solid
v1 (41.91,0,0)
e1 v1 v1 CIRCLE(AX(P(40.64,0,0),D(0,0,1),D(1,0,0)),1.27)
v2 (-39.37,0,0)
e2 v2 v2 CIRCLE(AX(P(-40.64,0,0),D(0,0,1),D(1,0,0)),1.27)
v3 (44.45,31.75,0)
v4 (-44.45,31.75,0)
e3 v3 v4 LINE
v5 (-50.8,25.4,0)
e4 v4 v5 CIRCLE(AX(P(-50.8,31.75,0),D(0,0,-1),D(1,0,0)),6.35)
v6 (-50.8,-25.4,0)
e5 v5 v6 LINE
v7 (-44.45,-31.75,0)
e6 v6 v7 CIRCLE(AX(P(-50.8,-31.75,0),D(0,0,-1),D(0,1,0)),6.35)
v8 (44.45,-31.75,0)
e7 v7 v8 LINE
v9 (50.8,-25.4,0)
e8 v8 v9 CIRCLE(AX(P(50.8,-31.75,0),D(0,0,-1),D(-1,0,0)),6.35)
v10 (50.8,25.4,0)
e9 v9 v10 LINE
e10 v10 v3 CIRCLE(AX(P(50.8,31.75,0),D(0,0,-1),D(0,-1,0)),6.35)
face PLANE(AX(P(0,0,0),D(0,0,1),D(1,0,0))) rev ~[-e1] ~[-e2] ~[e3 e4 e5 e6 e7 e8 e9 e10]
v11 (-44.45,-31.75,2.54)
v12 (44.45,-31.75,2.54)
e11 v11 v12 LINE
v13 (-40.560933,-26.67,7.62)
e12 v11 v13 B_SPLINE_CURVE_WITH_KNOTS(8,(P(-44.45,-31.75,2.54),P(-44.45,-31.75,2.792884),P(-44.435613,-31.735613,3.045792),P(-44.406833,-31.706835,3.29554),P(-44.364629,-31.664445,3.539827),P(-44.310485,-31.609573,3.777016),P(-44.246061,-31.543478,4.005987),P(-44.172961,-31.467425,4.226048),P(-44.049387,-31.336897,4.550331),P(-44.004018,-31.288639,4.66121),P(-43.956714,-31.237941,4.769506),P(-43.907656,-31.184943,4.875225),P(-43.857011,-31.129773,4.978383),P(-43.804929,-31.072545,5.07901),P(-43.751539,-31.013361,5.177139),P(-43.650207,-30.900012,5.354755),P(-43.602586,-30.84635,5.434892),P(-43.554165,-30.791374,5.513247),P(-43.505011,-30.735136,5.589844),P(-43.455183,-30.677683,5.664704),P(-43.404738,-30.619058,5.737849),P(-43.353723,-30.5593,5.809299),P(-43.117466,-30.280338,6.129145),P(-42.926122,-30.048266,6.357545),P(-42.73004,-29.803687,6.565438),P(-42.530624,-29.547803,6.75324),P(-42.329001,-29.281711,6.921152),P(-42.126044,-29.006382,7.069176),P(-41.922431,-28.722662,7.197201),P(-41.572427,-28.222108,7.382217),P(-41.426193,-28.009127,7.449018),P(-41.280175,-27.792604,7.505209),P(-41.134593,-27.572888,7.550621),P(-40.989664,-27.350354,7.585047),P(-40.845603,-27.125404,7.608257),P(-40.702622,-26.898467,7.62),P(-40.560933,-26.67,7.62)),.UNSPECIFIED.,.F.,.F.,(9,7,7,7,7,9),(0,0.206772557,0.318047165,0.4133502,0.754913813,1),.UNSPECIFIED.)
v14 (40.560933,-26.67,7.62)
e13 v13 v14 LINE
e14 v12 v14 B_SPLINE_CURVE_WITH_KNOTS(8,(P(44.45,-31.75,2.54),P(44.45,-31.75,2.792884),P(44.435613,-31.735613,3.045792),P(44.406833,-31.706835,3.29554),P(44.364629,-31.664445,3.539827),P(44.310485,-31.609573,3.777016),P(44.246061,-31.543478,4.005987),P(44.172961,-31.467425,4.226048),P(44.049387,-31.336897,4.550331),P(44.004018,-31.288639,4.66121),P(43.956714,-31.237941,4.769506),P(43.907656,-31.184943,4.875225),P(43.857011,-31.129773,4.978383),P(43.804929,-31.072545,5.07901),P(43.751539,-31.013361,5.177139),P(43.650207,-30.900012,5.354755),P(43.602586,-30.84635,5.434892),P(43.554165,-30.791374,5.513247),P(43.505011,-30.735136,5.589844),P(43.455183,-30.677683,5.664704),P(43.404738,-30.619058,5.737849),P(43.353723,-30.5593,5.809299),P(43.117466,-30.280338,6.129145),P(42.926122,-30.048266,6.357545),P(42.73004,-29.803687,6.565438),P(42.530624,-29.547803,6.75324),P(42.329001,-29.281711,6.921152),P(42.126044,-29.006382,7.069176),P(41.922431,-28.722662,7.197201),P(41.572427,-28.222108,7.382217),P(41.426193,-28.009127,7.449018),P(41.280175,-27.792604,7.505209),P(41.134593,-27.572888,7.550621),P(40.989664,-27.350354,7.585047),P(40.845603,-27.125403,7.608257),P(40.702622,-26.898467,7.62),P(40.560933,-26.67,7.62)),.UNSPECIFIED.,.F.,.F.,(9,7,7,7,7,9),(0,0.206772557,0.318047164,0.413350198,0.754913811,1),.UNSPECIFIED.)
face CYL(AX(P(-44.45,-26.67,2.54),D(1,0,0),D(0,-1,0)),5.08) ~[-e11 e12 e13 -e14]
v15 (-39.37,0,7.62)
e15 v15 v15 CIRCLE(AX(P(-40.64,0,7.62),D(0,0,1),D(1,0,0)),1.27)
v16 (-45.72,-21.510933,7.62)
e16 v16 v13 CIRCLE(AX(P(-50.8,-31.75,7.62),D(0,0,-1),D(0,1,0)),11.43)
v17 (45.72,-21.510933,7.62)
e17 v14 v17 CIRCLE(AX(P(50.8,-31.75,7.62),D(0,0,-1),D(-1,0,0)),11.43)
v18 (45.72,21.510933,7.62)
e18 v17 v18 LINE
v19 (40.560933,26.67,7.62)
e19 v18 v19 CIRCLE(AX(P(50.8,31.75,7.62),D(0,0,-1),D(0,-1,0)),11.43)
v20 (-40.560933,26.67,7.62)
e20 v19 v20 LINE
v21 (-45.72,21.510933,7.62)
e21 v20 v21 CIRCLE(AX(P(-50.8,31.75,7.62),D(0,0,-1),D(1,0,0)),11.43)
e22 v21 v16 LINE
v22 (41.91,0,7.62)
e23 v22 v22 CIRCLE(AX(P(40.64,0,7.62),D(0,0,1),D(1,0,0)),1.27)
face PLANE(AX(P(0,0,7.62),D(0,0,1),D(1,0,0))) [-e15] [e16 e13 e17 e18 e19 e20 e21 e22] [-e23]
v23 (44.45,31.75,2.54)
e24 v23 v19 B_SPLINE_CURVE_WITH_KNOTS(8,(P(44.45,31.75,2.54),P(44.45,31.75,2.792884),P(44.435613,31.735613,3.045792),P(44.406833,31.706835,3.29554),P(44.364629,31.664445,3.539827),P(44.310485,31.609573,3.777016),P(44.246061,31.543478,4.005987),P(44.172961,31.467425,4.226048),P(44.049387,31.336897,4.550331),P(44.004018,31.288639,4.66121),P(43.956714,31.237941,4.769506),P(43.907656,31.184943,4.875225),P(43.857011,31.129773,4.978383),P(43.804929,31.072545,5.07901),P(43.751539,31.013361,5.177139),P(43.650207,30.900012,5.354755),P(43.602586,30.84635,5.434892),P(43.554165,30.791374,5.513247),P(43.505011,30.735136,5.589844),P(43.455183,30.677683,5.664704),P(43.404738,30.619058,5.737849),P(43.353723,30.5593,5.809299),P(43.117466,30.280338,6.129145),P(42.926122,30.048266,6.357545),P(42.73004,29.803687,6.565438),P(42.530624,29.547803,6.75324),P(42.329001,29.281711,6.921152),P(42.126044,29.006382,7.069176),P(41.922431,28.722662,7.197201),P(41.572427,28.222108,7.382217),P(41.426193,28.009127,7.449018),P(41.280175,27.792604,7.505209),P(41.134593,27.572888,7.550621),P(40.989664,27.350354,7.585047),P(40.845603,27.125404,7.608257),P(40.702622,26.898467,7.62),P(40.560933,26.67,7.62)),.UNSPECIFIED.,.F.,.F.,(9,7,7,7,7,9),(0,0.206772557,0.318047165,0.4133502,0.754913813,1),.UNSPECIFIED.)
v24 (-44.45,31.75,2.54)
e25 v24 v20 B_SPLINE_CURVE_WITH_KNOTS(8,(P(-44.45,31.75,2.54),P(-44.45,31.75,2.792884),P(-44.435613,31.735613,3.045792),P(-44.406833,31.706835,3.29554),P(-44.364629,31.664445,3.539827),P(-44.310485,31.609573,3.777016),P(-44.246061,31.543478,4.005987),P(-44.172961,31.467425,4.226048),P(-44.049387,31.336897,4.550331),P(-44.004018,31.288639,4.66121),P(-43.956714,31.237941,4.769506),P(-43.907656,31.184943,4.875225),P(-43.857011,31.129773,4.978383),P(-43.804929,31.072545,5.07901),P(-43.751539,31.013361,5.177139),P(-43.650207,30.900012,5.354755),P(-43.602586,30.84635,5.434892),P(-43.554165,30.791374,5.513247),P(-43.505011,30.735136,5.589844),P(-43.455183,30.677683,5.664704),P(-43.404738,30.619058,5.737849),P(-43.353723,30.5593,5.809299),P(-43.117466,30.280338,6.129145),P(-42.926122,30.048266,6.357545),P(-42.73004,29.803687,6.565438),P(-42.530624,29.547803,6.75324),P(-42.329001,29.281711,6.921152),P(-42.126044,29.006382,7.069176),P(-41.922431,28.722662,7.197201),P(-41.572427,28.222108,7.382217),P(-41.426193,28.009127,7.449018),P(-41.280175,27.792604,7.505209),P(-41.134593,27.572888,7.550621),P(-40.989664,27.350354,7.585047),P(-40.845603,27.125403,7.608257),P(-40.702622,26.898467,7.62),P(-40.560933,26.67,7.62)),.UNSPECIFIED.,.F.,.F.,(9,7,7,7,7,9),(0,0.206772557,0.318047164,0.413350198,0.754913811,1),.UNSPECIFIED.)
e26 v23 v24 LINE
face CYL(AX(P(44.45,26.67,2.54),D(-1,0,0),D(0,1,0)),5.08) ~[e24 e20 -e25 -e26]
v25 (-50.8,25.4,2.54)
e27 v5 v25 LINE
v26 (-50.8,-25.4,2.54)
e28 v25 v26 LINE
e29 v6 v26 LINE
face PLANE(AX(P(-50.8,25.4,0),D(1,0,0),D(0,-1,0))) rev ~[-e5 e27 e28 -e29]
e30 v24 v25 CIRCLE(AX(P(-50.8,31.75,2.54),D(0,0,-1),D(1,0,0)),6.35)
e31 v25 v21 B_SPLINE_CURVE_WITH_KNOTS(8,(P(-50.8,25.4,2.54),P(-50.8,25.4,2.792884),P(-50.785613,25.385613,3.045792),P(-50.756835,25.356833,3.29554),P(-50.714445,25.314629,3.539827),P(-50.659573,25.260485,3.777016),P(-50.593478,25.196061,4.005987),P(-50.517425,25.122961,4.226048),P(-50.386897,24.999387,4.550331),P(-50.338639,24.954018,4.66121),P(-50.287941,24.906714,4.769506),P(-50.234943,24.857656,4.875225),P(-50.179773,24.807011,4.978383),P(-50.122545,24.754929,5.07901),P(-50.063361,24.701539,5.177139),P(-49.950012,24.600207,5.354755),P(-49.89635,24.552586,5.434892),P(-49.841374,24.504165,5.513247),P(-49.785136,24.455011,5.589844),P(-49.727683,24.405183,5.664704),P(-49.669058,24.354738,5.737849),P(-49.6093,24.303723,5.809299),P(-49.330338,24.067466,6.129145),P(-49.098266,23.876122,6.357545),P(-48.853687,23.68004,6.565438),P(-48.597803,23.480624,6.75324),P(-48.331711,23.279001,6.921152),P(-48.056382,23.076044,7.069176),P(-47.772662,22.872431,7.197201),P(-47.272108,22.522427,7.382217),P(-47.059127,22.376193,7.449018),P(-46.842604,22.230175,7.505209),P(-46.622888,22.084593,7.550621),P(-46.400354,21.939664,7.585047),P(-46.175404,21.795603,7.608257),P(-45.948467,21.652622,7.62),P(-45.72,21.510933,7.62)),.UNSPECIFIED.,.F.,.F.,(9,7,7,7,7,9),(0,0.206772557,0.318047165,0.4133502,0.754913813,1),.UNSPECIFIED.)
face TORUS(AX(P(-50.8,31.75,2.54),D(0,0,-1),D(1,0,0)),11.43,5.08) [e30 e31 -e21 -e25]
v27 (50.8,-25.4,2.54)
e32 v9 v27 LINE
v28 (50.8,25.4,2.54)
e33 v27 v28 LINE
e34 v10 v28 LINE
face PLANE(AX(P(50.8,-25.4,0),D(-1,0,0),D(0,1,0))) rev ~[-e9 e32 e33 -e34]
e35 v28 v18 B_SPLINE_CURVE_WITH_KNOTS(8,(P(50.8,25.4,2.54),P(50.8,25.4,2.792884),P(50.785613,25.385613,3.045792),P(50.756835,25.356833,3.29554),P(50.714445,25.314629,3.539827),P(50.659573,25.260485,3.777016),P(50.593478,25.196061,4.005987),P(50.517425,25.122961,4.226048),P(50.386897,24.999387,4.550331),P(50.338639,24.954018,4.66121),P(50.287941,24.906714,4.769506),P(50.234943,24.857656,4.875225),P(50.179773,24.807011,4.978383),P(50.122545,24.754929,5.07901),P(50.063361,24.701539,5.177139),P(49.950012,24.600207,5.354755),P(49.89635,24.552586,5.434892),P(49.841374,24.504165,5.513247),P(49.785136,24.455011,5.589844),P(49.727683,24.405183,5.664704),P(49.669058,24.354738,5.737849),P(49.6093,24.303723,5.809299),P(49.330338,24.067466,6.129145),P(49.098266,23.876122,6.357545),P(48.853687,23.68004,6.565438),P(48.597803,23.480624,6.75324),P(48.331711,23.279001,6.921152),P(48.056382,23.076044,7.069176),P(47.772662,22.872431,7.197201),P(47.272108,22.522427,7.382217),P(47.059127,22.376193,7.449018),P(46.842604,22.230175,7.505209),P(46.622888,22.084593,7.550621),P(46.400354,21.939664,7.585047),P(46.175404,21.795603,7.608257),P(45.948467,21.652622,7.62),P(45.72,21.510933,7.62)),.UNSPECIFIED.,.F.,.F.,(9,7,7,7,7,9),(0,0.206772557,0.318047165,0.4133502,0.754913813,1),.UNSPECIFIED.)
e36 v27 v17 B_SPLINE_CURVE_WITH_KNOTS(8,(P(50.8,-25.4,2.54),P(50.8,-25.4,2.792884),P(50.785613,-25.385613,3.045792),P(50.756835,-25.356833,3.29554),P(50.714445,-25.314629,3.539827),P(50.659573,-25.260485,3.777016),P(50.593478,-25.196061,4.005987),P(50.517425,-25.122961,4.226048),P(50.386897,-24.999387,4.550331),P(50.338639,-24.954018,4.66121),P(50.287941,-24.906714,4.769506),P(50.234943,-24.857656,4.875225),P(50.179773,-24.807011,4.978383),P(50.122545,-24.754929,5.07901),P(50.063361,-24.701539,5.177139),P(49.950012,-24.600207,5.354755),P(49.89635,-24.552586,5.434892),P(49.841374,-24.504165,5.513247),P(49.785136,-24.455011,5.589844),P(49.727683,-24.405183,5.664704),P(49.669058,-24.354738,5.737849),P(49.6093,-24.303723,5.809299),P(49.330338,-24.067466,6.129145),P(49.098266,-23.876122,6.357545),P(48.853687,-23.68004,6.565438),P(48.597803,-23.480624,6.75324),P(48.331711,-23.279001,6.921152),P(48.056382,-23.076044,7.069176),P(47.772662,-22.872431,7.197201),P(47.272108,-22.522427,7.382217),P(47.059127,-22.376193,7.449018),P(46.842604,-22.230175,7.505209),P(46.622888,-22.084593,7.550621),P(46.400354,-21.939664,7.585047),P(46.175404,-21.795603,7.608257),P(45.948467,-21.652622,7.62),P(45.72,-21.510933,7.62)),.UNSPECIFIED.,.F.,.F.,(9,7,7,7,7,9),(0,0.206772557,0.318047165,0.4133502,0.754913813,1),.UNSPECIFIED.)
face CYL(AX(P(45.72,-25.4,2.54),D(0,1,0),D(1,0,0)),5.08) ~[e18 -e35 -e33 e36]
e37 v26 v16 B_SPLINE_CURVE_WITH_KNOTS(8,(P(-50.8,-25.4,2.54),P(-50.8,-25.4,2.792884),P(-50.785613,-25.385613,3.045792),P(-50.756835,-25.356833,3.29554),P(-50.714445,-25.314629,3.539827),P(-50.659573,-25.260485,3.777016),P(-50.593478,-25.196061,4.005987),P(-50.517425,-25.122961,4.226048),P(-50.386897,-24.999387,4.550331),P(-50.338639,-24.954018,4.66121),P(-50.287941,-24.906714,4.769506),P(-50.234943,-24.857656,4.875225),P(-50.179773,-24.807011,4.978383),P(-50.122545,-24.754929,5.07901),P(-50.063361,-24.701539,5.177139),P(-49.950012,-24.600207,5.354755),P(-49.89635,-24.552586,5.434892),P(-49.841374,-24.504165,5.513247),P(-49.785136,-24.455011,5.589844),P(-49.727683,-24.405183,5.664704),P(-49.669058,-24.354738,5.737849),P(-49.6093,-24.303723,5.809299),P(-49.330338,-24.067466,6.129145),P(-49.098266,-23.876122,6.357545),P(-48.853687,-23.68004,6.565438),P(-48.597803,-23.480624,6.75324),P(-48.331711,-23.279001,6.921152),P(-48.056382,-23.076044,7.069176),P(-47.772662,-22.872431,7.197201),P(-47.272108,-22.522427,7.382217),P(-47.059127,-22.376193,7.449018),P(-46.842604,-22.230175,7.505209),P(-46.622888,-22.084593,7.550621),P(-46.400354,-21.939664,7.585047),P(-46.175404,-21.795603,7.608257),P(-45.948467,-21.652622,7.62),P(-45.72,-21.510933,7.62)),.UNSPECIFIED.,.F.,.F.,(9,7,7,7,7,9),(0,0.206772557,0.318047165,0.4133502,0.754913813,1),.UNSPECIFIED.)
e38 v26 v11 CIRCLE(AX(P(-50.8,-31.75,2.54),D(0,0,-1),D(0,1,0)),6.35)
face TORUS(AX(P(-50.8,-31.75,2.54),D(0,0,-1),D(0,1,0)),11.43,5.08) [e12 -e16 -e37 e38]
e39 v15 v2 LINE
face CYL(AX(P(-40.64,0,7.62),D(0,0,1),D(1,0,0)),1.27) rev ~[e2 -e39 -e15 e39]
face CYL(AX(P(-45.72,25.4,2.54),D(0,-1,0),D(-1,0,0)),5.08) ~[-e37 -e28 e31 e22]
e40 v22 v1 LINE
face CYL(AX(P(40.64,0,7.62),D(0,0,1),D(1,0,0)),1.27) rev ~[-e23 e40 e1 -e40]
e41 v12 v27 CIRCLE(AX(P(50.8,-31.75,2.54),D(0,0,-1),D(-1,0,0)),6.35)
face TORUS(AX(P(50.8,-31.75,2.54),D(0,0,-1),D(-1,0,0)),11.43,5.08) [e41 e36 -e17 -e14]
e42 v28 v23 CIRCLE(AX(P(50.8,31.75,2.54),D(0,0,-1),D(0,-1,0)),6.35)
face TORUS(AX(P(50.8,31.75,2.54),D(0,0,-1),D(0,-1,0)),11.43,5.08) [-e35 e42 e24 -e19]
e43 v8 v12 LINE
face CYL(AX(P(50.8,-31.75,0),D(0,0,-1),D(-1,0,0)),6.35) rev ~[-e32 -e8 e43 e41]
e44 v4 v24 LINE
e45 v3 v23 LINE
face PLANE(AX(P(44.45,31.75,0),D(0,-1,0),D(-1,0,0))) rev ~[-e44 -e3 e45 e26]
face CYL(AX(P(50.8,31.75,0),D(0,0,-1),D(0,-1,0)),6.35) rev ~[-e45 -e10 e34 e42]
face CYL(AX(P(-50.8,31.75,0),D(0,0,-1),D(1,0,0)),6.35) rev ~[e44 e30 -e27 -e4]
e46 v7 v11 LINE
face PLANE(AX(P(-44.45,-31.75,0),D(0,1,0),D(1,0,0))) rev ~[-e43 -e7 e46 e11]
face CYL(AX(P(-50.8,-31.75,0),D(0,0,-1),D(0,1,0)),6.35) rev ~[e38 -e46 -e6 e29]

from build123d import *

# Parameters (mm, degrees)
F1_DEPTH = 7.62
F2_R     = 5.08
F3_R     = 1.27
F4_DEPTH = 25.4


with BuildPart() as f1:
    # F0 (on Top) → F1 (new body)
    with BuildSketch(Plane.XY):
        with BuildLine():
            Line((44.45, 31.75), (-44.45, 31.75))
            ThreePointArc((-44.45, 31.75), (-46.3098719395, 27.2598719395), (-50.8, 25.4))
            Line((-50.8, 25.4), (-50.8, -25.4))
            ThreePointArc((-50.8, -25.4), (-46.3098719395, -27.2598719395), (-44.45, -31.75))
            Line((-44.45, -31.75), (44.45, -31.75))
            ThreePointArc((44.45, -31.75), (46.3098719395, -27.2598719395), (50.8, -25.4))
            Line((50.8, -25.4), (50.8, 25.4))
            ThreePointArc((50.8, 25.4), (46.3098719395, 27.2598719395), (44.45, 31.75))
        make_face()
    extrude(amount=F1_DEPTH)

    # F2
    f2_edges = [f1.edges().sort_by_distance(p)[0] for p in [
        (0, 31.75, 7.62),
        (-50.8, 0, 7.62),
        (50.8, 0, 7.62),
        (0, -31.75, 7.62),
        (-46.309872, 27.259872, 7.62),
        (-46.309872, -27.259872, 7.62),
        (46.309872, -27.259872, 7.62),
        (46.309872, 27.259872, 7.62),
    ]]
    fillet(f2_edges, radius=F2_R)

    # F3 (on face) → F4 (cut)
    with BuildSketch(Plane.XY.offset(7.62)):
        with Locations((-40.64, 0)):
            Circle(F3_R)
        with Locations((40.64, 0)):
            Circle(F3_R)
    extrude(amount=-F4_DEPTH, mode=Mode.SUBTRACT)


solid = f1.part
